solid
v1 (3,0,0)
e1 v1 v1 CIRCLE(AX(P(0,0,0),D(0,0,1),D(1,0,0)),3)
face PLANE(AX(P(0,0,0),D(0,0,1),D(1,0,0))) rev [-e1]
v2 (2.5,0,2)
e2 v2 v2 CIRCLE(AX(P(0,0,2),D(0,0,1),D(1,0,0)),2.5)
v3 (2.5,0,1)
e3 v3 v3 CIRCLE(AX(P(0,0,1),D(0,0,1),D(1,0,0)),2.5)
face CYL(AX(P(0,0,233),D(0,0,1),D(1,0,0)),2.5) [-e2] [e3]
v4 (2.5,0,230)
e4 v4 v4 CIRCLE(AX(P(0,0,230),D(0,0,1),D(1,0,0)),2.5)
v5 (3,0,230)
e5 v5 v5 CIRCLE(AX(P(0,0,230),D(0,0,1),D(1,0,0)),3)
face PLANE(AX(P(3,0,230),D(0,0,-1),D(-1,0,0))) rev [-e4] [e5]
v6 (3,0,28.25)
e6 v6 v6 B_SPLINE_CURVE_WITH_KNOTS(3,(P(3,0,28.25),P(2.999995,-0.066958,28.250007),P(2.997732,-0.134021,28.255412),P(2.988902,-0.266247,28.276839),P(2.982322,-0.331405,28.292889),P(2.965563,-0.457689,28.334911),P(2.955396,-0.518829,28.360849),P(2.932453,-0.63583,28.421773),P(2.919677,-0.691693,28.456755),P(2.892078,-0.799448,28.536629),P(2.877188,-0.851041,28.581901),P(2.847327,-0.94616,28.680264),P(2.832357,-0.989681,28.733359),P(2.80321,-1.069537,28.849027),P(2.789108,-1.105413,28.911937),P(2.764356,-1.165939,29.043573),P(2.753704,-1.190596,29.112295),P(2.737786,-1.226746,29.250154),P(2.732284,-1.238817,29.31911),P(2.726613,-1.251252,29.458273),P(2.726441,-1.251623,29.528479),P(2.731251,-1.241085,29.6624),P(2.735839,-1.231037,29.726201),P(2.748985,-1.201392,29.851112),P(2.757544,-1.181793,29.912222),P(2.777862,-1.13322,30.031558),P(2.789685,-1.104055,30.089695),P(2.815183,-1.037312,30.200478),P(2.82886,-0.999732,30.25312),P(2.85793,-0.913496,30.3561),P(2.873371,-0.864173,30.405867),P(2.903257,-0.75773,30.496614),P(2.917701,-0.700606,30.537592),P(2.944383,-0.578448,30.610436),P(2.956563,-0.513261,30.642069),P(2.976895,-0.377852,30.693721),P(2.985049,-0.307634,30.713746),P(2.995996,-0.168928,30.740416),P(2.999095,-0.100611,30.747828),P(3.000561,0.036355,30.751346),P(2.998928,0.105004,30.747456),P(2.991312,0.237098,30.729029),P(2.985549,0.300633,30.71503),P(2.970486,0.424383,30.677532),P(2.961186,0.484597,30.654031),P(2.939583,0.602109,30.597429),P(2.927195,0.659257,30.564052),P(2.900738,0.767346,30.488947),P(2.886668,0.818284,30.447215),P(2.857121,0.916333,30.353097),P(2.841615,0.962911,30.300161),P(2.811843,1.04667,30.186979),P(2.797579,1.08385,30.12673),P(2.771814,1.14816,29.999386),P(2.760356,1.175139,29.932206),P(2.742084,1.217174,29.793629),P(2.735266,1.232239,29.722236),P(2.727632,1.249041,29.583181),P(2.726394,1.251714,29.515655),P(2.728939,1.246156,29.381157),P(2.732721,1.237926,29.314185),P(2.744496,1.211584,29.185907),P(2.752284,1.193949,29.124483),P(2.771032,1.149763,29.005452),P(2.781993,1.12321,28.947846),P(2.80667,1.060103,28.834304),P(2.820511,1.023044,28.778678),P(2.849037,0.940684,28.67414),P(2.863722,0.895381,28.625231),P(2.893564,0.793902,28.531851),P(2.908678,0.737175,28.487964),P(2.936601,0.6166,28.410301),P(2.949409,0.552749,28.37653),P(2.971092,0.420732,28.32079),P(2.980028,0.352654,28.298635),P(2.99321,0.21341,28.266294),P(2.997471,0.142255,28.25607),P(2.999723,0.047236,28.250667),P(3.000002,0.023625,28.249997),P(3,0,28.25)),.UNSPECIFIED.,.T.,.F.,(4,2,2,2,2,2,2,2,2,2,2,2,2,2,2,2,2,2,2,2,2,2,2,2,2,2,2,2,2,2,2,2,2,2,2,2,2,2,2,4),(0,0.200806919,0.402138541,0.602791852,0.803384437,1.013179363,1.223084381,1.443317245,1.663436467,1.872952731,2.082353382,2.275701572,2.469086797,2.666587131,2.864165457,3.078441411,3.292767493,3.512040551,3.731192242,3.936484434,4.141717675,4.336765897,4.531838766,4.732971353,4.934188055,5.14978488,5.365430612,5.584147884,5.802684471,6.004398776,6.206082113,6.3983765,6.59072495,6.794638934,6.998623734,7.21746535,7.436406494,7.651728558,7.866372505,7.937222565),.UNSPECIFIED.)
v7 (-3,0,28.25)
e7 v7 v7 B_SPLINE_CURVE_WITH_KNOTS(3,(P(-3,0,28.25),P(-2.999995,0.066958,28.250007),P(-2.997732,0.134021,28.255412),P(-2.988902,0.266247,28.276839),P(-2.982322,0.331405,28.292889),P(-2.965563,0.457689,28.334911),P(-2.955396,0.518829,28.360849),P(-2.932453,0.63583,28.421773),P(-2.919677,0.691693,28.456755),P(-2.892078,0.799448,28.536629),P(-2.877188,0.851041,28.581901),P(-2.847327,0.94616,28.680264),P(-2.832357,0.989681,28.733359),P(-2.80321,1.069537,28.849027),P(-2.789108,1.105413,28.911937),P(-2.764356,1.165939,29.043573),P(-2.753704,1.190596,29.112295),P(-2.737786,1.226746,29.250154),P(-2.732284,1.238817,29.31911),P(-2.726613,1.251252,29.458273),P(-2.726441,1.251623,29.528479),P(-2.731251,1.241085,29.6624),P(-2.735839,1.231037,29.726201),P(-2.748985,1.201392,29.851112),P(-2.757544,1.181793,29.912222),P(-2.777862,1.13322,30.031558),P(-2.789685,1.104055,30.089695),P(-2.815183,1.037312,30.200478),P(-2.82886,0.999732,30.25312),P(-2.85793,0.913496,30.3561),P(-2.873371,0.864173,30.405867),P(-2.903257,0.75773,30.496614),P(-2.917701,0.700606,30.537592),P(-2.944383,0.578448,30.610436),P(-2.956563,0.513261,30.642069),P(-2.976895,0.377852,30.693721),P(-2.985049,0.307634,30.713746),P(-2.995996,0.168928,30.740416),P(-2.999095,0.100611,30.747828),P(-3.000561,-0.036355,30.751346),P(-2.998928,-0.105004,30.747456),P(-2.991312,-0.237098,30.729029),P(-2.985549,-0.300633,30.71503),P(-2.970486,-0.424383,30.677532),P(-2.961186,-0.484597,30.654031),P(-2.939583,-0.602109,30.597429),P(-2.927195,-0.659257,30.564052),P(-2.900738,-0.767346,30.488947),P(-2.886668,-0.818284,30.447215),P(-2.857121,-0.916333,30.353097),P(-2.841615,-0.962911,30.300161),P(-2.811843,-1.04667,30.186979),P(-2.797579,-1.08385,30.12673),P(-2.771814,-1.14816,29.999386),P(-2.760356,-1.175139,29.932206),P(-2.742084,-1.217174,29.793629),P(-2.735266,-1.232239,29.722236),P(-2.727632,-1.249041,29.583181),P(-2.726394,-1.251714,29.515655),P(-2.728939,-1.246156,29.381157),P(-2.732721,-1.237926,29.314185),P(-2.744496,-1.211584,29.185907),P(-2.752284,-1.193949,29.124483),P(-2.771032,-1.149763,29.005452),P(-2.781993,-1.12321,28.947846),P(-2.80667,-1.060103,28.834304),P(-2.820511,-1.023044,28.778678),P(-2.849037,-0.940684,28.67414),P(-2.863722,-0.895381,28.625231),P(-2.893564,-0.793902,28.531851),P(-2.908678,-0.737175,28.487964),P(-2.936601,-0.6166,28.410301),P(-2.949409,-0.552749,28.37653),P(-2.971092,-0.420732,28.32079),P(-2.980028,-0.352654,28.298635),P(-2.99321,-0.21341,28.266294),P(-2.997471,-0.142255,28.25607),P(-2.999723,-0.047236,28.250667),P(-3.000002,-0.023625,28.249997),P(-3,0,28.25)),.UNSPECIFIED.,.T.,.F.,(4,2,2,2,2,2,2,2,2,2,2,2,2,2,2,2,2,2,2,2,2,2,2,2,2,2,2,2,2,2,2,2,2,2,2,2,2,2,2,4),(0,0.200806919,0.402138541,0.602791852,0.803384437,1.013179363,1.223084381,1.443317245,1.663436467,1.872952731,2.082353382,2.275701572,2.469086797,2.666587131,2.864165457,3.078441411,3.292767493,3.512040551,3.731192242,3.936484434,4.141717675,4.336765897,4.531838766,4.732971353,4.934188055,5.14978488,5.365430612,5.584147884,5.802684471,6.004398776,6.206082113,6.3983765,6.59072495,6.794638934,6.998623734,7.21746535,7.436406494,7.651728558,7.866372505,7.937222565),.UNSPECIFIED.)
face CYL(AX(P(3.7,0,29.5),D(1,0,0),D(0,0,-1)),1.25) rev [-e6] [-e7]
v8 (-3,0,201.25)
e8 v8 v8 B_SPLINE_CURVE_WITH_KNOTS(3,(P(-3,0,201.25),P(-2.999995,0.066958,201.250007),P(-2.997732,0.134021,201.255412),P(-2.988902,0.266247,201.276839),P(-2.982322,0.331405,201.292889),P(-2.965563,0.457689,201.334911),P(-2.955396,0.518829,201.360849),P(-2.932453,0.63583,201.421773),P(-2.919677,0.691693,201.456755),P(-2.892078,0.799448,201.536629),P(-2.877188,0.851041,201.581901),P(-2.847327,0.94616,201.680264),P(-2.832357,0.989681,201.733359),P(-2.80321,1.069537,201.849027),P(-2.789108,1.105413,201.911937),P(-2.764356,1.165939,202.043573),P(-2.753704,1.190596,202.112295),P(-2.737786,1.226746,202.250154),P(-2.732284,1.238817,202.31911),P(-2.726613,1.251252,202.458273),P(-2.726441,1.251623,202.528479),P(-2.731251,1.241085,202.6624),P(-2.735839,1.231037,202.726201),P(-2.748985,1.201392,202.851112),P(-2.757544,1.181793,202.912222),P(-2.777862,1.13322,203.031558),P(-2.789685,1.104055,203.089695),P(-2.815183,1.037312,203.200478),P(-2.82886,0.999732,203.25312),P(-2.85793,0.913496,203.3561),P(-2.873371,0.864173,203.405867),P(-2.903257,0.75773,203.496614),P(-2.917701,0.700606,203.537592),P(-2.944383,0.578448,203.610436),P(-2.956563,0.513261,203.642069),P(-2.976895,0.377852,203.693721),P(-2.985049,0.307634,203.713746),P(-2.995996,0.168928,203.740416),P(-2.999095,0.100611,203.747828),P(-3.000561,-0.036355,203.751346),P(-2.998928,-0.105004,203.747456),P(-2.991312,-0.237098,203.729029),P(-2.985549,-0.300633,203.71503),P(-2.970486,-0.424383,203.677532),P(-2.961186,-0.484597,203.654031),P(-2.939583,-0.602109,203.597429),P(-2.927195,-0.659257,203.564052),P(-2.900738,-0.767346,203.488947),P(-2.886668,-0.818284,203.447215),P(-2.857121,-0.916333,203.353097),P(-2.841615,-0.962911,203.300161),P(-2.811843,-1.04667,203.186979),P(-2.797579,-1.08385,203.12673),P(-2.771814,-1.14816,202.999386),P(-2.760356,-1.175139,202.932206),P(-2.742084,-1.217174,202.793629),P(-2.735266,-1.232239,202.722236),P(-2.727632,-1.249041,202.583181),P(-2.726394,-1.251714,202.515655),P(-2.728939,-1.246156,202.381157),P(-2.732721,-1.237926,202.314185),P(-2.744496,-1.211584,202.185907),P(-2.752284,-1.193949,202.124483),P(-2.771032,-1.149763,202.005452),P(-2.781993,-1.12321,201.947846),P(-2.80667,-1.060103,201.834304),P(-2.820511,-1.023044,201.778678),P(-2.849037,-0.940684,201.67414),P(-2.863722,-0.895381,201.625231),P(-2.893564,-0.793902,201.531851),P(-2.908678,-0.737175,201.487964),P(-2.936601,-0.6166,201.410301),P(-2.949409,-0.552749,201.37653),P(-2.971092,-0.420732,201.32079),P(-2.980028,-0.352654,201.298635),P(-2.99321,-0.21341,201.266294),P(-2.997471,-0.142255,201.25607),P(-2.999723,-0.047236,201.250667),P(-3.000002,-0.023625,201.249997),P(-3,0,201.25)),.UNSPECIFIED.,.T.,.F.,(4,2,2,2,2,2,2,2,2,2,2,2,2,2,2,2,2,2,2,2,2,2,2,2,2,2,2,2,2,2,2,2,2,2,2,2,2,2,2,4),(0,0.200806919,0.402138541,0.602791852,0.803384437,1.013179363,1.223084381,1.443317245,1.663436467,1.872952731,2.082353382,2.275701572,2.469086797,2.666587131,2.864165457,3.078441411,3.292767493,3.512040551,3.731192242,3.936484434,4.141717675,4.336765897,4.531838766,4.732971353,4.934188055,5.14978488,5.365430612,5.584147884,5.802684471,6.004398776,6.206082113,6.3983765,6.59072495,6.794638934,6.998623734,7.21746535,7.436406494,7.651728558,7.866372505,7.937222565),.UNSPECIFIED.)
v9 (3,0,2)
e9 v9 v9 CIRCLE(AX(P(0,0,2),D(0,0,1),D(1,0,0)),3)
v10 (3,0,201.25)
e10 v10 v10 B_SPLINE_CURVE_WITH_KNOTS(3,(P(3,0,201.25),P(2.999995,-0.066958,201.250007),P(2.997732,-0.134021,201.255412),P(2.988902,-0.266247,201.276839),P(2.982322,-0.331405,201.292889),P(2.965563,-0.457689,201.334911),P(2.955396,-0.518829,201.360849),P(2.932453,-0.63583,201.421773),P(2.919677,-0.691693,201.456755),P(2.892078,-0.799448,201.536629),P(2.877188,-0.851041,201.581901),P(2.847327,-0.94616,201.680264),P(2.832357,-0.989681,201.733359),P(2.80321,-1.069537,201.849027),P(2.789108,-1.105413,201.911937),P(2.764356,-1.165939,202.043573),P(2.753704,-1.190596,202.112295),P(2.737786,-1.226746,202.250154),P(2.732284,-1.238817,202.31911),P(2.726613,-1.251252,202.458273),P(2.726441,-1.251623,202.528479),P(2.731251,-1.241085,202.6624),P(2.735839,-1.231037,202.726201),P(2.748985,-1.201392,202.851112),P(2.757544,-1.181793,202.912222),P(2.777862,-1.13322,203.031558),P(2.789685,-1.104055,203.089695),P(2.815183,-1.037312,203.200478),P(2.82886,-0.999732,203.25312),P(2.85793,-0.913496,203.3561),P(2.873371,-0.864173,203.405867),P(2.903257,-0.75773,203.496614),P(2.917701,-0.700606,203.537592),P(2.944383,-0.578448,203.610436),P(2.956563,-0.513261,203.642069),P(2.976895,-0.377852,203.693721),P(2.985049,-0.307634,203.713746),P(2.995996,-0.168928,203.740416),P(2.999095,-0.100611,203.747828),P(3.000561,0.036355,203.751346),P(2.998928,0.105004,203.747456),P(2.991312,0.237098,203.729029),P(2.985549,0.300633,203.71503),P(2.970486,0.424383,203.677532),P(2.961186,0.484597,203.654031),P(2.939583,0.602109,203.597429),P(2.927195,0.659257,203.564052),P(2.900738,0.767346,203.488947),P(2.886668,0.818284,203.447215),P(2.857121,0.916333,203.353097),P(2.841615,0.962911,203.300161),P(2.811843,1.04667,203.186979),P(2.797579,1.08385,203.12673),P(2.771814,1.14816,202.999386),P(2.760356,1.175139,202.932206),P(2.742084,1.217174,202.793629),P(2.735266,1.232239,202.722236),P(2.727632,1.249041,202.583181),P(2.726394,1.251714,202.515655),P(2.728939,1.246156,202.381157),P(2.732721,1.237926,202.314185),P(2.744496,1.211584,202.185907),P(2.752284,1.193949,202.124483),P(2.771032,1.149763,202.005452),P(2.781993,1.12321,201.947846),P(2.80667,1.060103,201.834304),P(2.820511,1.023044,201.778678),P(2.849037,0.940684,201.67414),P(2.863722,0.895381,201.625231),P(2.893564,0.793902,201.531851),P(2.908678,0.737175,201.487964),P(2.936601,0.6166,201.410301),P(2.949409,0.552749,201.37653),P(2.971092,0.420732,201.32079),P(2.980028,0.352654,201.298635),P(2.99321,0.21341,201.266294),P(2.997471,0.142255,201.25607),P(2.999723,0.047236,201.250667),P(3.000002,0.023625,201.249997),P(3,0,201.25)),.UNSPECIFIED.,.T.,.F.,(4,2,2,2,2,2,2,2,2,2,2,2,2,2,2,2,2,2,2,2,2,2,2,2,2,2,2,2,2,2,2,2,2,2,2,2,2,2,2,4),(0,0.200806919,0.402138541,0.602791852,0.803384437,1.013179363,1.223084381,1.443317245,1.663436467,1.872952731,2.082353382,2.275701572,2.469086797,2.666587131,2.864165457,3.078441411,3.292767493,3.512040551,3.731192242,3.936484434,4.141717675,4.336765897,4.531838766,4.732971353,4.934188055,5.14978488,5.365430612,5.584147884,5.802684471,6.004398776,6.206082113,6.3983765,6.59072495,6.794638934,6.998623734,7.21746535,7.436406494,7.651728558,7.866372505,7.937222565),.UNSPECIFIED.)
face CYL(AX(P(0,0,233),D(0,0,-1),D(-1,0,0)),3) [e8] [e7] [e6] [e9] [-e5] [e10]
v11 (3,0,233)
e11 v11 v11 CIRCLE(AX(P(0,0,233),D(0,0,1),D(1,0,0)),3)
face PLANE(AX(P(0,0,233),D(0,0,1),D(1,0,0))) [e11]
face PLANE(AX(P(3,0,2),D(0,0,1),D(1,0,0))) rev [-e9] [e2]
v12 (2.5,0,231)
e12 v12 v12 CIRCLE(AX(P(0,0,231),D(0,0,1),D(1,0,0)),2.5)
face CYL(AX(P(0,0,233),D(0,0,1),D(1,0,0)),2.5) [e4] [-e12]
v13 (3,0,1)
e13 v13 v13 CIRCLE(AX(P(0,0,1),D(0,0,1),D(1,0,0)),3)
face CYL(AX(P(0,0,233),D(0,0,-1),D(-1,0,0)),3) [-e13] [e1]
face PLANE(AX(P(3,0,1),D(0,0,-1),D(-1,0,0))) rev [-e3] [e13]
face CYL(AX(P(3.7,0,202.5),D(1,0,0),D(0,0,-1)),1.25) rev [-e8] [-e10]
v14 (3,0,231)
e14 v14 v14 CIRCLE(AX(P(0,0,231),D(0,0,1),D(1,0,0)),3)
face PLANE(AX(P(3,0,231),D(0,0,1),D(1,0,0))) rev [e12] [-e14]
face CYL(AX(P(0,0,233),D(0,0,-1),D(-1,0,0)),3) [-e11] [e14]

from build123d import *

# Parameters (mm, degrees)
SKETCH1_R           = 3
BOSS_EXTRUDE1_DEPTH = 233
SKETCH2_W           = 0.5
SKETCH2_H           = 1
CUT_EXTRUDE1_DEPTH  = 0.5
M3_TAPPED_HOLE1_D   = 2.5
SKETCH6_W           = 0.5
SKETCH6_H           = 1
BOSS_EXTRUDE2_DEPTH = 0.5


with BuildPart() as part:
    # Sketch1 → Boss-Extrude1 (new body)
    with BuildSketch(Plane.XY):
        Circle(SKETCH1_R)
    extrude(amount=BOSS_EXTRUDE1_DEPTH)

    # Sketch2 → Cut-Revolve1 (revolve, cut)
    with BuildSketch(Plane(origin=(0, 0, 0), x_dir=(1, 0, 0), z_dir=(0, 1, 0))):
        with Locations((2.75, -1.5)):
            Rectangle(SKETCH2_W, SKETCH2_H)
    revolve(axis=Axis((0, 0, 233), (0, 0, -1)), mode=Mode.SUBTRACT)

    # Sketch3 → Cut-Extrude1 (cut)
    with BuildSketch(Plane.XY.offset(233)):
        with BuildLine():
            Line((2.7, 1.307669683), (2.7, -1.307669683))
            ThreePointArc((2.7, -1.307669683), (3, 0), (2.7, 1.307669683))
        make_face()
    extrude(amount=-CUT_EXTRUDE1_DEPTH, mode=Mode.SUBTRACT)

    # M3 Tapped Hole1 (through all)
    with Locations(Plane(origin=(3.7, 0, 29.5), x_dir=(0, 0, 1), z_dir=(1, 0, 0))):
        with Locations((0, 0), (173, 0)):
            Hole(M3_TAPPED_HOLE1_D / 2)

    # Sketch6 → Cut-Revolve2 (revolve, cut)
    with BuildSketch(Plane(origin=(0, 0, 0), x_dir=(1, 0, 0), z_dir=(0, 1, 0))):
        with Locations((2.75, -230.5)):
            Rectangle(SKETCH6_W, SKETCH6_H)
    revolve(axis=Axis((0, 0, 233), (0, 0, -1)), mode=Mode.SUBTRACT)

    # Sketch7 → Boss-Extrude2 (add)
    with BuildSketch(Plane.XY.offset(232.5)):
        with BuildLine():
            Line((2.7, 1.307669683), (2.7, -1.307669683))
            ThreePointArc((2.7, -1.307669683), (3, 0), (2.7, 1.307669683))
        make_face()
    extrude(amount=BOSS_EXTRUDE2_DEPTH)


solid = part.part
